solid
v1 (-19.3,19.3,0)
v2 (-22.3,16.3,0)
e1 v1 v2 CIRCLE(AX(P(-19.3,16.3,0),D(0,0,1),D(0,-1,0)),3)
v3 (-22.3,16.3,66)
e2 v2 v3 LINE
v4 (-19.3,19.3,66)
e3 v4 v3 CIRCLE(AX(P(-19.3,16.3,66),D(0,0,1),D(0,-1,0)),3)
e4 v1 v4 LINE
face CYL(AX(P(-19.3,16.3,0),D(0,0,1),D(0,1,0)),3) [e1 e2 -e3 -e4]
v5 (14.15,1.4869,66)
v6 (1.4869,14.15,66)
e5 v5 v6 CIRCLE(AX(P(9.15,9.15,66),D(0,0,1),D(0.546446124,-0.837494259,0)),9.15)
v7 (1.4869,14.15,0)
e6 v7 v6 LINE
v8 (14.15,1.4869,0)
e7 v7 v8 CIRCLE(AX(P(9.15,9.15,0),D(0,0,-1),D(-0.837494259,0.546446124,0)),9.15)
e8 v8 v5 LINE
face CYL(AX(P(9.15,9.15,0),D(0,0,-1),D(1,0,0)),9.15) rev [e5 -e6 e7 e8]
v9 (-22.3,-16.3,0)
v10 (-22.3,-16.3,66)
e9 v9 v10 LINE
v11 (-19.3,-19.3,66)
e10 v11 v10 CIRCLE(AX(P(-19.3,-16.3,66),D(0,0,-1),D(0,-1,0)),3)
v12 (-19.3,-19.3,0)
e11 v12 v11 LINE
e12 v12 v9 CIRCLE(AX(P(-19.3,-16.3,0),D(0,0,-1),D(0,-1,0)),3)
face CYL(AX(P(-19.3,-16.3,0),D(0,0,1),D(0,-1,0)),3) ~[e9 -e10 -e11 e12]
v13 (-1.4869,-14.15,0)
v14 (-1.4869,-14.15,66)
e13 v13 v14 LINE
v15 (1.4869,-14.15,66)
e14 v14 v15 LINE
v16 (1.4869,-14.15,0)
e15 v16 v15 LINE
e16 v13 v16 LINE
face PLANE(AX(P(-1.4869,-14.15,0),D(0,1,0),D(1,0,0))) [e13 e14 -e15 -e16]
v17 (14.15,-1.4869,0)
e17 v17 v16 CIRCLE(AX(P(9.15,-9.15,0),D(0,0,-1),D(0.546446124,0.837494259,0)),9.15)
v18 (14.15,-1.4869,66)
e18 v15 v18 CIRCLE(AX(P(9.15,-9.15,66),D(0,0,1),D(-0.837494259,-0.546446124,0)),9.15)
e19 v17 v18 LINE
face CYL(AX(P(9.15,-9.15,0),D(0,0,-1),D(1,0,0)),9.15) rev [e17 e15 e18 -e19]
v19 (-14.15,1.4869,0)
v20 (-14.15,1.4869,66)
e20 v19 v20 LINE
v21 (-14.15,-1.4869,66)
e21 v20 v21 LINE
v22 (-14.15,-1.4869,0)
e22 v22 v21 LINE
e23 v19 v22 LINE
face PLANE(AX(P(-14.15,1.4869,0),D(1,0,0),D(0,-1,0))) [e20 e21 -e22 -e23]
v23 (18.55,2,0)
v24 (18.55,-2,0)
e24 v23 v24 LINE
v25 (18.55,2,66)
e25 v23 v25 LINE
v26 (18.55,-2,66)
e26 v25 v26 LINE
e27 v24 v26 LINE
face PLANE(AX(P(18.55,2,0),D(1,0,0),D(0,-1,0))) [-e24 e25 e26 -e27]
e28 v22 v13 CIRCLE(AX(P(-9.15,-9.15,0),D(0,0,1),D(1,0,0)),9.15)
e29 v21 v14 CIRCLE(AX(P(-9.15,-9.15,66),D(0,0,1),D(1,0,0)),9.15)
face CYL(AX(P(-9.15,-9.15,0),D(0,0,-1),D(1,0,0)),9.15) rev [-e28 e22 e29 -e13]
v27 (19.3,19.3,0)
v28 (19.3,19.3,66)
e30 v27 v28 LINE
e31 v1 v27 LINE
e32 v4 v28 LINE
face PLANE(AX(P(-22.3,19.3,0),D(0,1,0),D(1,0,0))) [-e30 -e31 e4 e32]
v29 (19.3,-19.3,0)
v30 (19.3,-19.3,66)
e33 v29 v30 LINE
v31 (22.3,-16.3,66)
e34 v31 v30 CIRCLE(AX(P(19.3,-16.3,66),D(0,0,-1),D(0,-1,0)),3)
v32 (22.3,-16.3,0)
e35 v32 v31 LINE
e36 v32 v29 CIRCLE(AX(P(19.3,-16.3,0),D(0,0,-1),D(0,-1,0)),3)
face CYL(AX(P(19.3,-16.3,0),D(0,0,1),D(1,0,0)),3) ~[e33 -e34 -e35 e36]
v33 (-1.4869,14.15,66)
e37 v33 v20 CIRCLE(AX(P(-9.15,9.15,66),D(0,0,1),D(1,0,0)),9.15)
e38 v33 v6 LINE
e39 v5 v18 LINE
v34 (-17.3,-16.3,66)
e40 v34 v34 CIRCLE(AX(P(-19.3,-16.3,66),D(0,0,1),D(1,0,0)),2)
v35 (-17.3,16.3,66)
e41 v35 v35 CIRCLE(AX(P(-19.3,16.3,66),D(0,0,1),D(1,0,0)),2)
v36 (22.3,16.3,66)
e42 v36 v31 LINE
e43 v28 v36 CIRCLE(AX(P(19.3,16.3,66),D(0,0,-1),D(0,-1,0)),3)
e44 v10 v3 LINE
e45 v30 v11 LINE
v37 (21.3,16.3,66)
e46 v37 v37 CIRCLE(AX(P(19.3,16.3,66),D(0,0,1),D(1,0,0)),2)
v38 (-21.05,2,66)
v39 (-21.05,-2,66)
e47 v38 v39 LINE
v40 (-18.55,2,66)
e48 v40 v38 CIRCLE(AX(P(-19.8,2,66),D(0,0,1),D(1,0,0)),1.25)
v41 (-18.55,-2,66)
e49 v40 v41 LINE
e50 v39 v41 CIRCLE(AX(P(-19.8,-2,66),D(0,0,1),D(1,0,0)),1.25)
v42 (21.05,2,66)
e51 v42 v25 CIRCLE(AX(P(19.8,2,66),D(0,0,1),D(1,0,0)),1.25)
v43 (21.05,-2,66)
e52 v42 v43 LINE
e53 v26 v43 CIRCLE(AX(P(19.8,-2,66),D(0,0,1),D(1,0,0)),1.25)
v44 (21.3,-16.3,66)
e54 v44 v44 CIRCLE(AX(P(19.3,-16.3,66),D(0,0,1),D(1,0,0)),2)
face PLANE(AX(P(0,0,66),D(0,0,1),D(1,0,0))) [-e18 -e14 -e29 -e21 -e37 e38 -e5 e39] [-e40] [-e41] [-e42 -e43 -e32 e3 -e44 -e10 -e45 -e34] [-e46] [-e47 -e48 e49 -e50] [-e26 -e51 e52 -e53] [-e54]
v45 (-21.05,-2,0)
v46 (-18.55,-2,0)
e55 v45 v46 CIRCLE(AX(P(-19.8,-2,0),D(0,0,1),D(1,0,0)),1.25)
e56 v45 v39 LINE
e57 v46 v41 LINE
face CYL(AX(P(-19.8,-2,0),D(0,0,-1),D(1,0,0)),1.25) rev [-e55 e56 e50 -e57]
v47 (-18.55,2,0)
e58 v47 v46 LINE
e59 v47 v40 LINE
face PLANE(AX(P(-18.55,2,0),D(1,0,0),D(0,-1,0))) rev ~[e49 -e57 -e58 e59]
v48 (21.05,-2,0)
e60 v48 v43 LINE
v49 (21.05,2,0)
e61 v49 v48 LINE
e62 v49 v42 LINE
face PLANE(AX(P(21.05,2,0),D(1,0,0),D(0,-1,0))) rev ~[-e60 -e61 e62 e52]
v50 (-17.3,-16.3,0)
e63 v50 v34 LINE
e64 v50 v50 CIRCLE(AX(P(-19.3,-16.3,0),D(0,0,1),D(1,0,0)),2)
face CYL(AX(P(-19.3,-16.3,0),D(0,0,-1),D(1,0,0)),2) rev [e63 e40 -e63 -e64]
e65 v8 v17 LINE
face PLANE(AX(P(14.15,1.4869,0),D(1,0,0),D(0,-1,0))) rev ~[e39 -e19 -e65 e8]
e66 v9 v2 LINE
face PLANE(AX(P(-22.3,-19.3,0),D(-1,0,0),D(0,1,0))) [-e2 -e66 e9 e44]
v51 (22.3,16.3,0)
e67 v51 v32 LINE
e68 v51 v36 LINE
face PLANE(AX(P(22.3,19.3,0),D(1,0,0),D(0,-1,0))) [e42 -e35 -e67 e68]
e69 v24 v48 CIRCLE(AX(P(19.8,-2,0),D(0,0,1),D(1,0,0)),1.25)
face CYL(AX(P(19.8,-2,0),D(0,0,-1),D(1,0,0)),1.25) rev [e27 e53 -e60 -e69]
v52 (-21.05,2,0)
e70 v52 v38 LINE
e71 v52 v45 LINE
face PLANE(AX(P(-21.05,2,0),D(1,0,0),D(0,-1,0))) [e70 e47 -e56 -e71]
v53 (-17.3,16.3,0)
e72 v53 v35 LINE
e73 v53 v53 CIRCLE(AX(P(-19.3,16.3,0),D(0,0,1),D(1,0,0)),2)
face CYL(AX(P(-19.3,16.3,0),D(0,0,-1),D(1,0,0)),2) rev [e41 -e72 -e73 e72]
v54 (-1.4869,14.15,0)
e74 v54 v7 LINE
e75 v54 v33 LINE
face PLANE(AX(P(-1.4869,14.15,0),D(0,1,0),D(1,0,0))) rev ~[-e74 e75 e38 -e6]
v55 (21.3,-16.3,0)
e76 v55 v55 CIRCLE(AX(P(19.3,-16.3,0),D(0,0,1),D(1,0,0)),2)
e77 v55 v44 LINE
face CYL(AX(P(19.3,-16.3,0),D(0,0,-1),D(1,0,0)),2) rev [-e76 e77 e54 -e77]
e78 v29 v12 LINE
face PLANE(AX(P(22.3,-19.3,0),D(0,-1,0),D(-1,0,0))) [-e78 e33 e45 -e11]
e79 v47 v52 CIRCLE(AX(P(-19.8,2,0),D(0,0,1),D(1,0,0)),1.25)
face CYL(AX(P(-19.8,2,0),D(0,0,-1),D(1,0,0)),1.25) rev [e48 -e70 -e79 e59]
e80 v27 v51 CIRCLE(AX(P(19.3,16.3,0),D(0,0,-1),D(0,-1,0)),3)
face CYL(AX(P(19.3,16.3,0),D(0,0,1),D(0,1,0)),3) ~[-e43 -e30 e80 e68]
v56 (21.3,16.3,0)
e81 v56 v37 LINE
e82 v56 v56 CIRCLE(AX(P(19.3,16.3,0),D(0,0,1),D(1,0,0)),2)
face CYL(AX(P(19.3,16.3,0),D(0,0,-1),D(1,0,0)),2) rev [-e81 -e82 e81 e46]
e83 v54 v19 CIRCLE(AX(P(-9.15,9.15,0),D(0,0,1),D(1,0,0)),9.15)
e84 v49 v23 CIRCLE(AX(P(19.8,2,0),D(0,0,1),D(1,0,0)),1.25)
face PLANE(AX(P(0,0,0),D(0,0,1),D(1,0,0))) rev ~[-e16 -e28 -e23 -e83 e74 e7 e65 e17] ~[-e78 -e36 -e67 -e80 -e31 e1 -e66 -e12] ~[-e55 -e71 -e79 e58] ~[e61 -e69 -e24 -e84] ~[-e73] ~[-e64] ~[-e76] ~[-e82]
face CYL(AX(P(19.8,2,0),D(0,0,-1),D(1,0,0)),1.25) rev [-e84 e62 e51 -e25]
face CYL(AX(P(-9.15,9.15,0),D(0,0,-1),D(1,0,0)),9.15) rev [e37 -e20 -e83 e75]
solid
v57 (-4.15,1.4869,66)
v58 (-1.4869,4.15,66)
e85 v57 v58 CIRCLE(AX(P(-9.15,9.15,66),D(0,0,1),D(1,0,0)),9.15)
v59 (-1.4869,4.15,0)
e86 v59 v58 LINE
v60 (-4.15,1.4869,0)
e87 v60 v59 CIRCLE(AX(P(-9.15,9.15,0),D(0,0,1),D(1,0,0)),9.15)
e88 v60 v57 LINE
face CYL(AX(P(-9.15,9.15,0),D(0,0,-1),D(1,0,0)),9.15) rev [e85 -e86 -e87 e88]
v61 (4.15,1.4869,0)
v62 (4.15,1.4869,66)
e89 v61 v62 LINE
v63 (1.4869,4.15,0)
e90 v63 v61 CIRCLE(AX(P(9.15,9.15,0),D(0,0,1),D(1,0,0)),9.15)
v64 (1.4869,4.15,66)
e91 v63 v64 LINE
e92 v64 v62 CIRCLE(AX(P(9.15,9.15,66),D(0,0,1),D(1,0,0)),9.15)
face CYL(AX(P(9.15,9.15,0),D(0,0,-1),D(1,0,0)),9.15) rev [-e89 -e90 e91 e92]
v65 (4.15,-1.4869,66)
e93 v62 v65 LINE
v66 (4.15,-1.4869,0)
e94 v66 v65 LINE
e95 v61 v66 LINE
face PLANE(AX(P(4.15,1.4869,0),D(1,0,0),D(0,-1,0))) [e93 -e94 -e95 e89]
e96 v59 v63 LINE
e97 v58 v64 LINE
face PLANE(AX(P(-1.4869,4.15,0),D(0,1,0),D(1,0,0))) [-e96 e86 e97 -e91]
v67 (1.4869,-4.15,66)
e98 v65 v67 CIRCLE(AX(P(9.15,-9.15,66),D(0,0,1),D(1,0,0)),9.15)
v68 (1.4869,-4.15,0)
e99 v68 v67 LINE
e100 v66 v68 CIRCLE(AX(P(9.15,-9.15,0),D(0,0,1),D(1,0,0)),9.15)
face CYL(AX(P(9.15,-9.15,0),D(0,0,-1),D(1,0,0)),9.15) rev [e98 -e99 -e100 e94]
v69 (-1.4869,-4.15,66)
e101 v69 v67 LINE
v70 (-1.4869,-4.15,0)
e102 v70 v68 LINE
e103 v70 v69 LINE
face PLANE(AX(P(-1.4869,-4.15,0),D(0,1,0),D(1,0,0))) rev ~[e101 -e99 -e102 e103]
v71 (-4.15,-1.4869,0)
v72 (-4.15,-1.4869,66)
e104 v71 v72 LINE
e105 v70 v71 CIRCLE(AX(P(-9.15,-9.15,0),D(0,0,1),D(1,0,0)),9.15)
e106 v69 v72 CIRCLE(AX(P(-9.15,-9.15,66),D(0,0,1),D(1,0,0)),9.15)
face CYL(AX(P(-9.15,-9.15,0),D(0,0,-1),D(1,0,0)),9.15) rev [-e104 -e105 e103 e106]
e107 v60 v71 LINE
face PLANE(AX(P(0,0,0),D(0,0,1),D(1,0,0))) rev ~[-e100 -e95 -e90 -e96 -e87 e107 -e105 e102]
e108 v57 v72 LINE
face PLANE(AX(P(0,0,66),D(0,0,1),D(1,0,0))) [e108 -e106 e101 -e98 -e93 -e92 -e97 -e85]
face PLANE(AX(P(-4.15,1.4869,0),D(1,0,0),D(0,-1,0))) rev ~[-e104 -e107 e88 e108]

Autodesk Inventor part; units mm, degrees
ref_plane "YZ Plane" through (0, 0, 0) normal (1, 0, 0) x (0, 1, 0)
ref_plane "XZ Plane" through (0, 0, 0) normal (0, 1, 0) x (-1, 0, 0)
ref_plane "XY Plane" through (0, 0, 0) normal (0, 0, 1) x (1, 0, 0)
sketch "Эскиз1" plane through (0, 0, 0) normal (0, 0, 1) x (1, 0, 0)
  circle A0 centre (-9.15, 9.15) radius 9.15
  line L0 (0, 0) -> (-9.15, 0) construction
  line L1 (-9.15, 0) -> (-9.15, 9.15) construction
  line L2 (-9.15, 9.15) -> (0, 9.15) construction
  line L3 (0, 9.15) -> (0, 0) construction
  circle A1 centre (9.15, 9.15) radius 9.15
  circle A2 centre (-9.15, -9.15) radius 9.15
  circle A3 centre (9.15, -9.15) radius 9.15
  line L4 (0, 9.15) -> (-1.4869, 9.15) construction
  line L5 (-1.4869, 9.15) -> (-1.4869, 4.15) construction
  line L6 (-1.4869, 4.15) -> (0, 4.15) construction
  line L7 (0, 4.15) -> (0, 9.15) construction
  line L8 (-1.4869, 4.15) -> (1.4869, 4.15)
  line L9 (-1.4869, -4.15) -> (1.4869, -4.15)
  line L10 (-9.15, 0) -> (-4.15, 0) construction
  line L11 (-4.15, 0) -> (-4.15, 1.4869) construction
  line L12 (-4.15, 1.4869) -> (-9.15, 1.4869) construction
  line L13 (-9.15, 1.4869) -> (-9.15, 0) construction
  line L14 (-4.15, 1.4869) -> (-4.15, -1.4869)
  line L15 (4.15, 1.4869) -> (4.15, -1.4869)
  line L16 (-9.15, 9.15) -> (-22.3, 9.15) construction
  line L17 (-22.3, 9.15) -> (-22.3, 19.3) construction
  line L18 (-22.3, 19.3) -> (-9.15, 19.3) construction
  line L19 (-9.15, 19.3) -> (-9.15, 9.15) construction
  line L20 (-22.3, 19.3) -> (22.3, 19.3)
  line L21 (22.3, 19.3) -> (22.3, -19.3)
  line L22 (22.3, -19.3) -> (-22.3, -19.3)
  line L23 (-22.3, -19.3) -> (-22.3, 19.3)
  line L24 (-14.15, 1.4869) -> (-14.15, -1.4869)
  line L25 (-1.4869, 14.15) -> (1.4869, 14.15)
  line L26 (-1.4869, -14.15) -> (1.4869, -14.15)
  line L27 (14.15, 1.4869) -> (14.15, -1.4869)
  line L28 (-22.3, 19.3) -> (-19.3, 19.3) construction
  line L29 (-19.3, 19.3) -> (-19.3, 16.3) construction
  line L30 (-19.3, 16.3) -> (-22.3, 16.3) construction
  line L31 (-22.3, 16.3) -> (-22.3, 19.3) construction
  circle A4 centre (-19.3, 16.3) radius 2
  circle A5 centre (19.3, 16.3) radius 2
  circle A6 centre (-19.3, -16.3) radius 2
  circle A7 centre (19.3, -16.3) radius 2
  line L32 (-22.3, 0) -> (-19.8, 0) construction
  line L33 (-19.8, 0) -> (-19.8, 2) construction
  circle A8 centre (-19.8, 2) radius 1.25
  circle A9 centre (-19.8, -2) radius 1.25
  circle A10 centre (19.8, 2) radius 1.25
  circle A11 centre (19.8, -2) radius 1.25
  line L34 (-9.15, -9.15) -> (-22.3, -9.15) construction
  line L35 (-19.8, 2) -> (-21.05, 2) construction
  line L36 (-19.8, -2) -> (-21.05, -2) construction
  line L37 (-21.05, 2) -> (-21.05, -2)
  line L38 (-18.55, 2) -> (-18.55, -2)
  line L39 (21.05, 2) -> (21.05, -2)
  line L40 (18.55, 2) -> (18.55, -2)
  dimension "d22" = 2.5
  dimension "d0" = 18.3
  dimension "d1" = 9.15
  dimension "d2" = 9.15
  dimension "d3" = 5
  dimension "d4" = 5
  dimension "d5" = 13.15
  dimension "d6" = 10.15
  dimension "d7" = 44.6
  dimension "d8" = 38.6
  dimension "d17" = 3
  dimension "d18" = 3
  dimension "d19" = 4
  dimension "d20" = 2.5
  dimension "d21" = 2
extrude "Выдавливание1" add sketch "Эскиз1" along normal blind 66 contours L8 A1 L15 A3 L9 A2 L14 A0 | L20 L21 L22 L23
fillet "Сопряжение1" radius 3 4 edges at (22.3, 19.3, 33) (22.3, -19.3, 33) (-22.3, 19.3, 33) (-22.3, -19.3, 33)
properties part number "akkum"
